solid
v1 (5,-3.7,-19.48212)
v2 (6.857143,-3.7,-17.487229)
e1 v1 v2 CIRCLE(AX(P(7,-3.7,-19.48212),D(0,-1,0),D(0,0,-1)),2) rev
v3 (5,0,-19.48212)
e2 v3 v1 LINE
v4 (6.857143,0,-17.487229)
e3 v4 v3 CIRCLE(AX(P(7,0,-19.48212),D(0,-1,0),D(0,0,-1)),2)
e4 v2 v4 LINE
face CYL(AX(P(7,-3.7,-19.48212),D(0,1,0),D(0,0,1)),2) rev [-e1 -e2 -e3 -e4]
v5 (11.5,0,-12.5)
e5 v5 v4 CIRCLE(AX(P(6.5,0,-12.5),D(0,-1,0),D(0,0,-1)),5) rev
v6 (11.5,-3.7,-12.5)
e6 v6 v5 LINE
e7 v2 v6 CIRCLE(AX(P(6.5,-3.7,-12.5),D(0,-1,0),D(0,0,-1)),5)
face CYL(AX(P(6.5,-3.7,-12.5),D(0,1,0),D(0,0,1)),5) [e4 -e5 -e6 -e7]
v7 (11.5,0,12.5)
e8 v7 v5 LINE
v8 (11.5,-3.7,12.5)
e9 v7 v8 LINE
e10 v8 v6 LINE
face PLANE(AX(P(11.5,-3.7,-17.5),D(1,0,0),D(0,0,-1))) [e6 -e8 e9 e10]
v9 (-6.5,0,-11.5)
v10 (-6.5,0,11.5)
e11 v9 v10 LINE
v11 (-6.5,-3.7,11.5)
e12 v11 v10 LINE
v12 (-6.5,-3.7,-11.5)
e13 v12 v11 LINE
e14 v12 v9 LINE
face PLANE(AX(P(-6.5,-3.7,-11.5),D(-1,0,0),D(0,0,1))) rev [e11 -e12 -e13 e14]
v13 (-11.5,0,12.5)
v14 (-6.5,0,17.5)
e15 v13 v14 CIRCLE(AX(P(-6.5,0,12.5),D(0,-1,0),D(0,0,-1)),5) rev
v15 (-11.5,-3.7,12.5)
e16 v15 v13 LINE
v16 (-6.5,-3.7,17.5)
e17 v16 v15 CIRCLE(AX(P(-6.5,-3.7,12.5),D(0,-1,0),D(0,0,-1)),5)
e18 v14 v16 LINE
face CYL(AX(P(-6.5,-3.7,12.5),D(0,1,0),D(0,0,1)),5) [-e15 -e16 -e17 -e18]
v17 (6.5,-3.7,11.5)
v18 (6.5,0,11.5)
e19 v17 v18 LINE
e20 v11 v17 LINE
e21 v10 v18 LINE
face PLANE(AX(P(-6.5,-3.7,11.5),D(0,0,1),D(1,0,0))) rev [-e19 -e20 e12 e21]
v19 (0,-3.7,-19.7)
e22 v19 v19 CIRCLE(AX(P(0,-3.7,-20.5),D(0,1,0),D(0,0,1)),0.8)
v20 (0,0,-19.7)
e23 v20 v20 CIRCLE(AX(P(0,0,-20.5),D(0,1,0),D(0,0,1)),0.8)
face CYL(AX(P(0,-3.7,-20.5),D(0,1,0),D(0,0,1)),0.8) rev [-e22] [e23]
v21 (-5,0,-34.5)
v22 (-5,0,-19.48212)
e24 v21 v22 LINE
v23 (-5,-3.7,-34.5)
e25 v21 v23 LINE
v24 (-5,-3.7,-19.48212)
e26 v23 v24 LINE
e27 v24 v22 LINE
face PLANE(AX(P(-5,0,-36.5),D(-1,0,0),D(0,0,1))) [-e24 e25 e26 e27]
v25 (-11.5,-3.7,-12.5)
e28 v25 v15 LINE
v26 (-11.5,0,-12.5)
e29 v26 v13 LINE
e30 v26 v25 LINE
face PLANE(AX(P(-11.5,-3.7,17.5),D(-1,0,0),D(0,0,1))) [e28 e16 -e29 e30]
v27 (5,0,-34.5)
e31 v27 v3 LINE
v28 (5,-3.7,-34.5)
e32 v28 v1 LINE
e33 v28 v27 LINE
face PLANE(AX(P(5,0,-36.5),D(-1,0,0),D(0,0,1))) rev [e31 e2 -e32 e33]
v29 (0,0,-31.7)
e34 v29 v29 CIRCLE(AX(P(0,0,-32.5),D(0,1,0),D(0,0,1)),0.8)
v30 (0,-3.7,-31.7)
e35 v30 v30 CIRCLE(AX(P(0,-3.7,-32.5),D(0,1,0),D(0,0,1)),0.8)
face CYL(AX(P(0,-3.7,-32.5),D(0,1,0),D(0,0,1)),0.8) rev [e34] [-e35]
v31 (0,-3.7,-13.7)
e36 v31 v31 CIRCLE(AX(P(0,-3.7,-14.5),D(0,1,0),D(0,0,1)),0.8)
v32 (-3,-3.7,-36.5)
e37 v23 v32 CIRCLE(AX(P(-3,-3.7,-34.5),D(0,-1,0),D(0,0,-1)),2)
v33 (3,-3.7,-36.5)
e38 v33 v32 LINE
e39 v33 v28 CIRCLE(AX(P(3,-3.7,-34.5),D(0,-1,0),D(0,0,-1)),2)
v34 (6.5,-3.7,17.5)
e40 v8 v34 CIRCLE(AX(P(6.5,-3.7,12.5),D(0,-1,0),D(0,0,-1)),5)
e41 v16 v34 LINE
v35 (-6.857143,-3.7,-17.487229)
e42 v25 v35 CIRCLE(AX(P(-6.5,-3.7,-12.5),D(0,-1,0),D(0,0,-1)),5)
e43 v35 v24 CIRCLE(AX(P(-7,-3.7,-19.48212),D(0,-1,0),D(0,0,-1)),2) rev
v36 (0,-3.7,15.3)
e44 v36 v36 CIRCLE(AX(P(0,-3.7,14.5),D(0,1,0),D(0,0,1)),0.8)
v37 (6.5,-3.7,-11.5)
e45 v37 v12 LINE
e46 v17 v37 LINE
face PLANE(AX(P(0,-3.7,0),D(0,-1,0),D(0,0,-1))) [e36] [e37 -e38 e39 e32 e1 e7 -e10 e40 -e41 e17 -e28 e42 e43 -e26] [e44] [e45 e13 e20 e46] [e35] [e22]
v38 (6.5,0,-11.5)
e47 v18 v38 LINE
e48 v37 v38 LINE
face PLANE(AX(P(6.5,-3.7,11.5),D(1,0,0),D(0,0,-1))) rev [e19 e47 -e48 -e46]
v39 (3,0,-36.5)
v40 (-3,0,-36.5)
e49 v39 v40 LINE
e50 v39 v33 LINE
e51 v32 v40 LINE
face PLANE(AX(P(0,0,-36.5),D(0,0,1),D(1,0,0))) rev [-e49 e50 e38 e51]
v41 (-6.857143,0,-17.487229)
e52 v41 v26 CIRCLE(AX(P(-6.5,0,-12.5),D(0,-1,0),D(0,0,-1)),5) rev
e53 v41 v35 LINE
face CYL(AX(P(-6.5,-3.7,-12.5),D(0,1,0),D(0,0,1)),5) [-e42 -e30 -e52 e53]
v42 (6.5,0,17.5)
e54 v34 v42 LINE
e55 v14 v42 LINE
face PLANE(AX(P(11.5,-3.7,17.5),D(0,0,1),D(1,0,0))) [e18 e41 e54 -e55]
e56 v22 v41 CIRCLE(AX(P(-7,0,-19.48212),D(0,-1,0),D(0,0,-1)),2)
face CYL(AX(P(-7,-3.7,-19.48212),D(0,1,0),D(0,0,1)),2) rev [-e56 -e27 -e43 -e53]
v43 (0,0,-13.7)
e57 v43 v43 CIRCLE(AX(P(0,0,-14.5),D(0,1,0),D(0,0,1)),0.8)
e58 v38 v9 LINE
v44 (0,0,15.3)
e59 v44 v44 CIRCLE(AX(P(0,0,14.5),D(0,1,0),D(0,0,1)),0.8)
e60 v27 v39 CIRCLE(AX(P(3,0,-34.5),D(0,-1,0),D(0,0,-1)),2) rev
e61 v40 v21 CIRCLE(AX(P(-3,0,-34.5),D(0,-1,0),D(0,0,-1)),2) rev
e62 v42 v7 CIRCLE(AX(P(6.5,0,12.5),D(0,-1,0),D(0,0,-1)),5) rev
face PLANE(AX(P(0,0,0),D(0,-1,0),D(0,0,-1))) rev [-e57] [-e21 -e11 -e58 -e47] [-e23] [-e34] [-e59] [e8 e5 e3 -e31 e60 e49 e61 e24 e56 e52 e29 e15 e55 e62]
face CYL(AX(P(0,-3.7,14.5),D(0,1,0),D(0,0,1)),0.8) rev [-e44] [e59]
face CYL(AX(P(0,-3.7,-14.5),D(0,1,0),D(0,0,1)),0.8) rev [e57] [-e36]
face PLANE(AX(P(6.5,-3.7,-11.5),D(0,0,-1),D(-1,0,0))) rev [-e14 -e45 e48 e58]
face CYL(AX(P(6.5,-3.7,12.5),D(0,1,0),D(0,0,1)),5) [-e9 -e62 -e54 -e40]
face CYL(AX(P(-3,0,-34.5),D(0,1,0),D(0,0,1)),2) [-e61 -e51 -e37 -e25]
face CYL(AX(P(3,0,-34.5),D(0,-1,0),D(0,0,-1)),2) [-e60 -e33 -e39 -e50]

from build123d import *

# Parameters (mm, degrees)
SKETCH2_W           = 23
SKETCH2_H           = 35
SKETCH2_W_2         = 13
SKETCH2_H_2         = 23
BOSS_EXTRUDE1_DEPTH = 3.7
SKETCH3_R           = 0.8
CUT_EXTRUDE1_DEPTH  = 4.7
SKETCH5_W           = 10
SKETCH5_H           = 3.7
BOSS_EXTRUDE3_DEPTH = 19
SKETCH7_R           = 0.8
CUT_EXTRUDE2_DEPTH  = 4.7
FILLET1_R           = 5
FILLET2_R           = 2


with BuildPart() as part:
    # Sketch2 → Boss-Extrude1 (new body)
    with BuildSketch(Plane(origin=(0, 0, 0), x_dir=(1, 0, 0), z_dir=(0, 1, 0))):
        Rectangle(SKETCH2_W, SKETCH2_H)
        Rectangle(SKETCH2_W_2, SKETCH2_H_2, mode=Mode.SUBTRACT)
    extrude(amount=-BOSS_EXTRUDE1_DEPTH)

    # Sketch3 → Cut-Extrude1 (cut, through all)
    with BuildSketch(Plane(origin=(0, 0, 0), x_dir=(1, 0, 0), z_dir=(0, 1, 0))):
        with Locations((0, 14.5)):
            Circle(SKETCH3_R)
        with Locations((0, -14.5)):
            Circle(SKETCH3_R)
    extrude(amount=-CUT_EXTRUDE1_DEPTH, mode=Mode.SUBTRACT)

    # Sketch5 → Boss-Extrude3 (add)
    with BuildSketch(Plane(origin=(0, 0, -17.5), x_dir=(-1, 0, 0), z_dir=(0, 0, -1))):
        with Locations((0, -1.85)):
            Rectangle(SKETCH5_W, SKETCH5_H)
    extrude(amount=BOSS_EXTRUDE3_DEPTH)

    # Sketch7 → Cut-Extrude2 (cut, through all)
    with BuildSketch(Plane(origin=(0, 0, 0), x_dir=(1, 0, 0), z_dir=(0, 1, 0))):
        with Locations((0, 32.5)):
            Circle(SKETCH7_R)
        with Locations((0, 20.5)):
            Circle(SKETCH7_R)
    extrude(amount=-CUT_EXTRUDE2_DEPTH, mode=Mode.SUBTRACT)

    # Fillet1
    fillet1_edges = [part.edges().sort_by_distance(p)[0] for p in [
        (11.5, -1.85, 17.5),
        (-11.5, -1.85, 17.5),
        (-11.5, -1.85, -17.5),
        (11.5, -1.85, -17.5),
    ]]
    fillet(fillet1_edges, radius=FILLET1_R)

    # Fillet2
    fillet2_edges = [part.edges().sort_by_distance(p)[0] for p in [
        (5, -1.85, -17.5),
        (-5, -1.85, -17.5),
        (5, -1.85, -36.5),
        (-5, -1.85, -36.5),
    ]]
    fillet(fillet2_edges, radius=FILLET2_R)


solid = part.part
